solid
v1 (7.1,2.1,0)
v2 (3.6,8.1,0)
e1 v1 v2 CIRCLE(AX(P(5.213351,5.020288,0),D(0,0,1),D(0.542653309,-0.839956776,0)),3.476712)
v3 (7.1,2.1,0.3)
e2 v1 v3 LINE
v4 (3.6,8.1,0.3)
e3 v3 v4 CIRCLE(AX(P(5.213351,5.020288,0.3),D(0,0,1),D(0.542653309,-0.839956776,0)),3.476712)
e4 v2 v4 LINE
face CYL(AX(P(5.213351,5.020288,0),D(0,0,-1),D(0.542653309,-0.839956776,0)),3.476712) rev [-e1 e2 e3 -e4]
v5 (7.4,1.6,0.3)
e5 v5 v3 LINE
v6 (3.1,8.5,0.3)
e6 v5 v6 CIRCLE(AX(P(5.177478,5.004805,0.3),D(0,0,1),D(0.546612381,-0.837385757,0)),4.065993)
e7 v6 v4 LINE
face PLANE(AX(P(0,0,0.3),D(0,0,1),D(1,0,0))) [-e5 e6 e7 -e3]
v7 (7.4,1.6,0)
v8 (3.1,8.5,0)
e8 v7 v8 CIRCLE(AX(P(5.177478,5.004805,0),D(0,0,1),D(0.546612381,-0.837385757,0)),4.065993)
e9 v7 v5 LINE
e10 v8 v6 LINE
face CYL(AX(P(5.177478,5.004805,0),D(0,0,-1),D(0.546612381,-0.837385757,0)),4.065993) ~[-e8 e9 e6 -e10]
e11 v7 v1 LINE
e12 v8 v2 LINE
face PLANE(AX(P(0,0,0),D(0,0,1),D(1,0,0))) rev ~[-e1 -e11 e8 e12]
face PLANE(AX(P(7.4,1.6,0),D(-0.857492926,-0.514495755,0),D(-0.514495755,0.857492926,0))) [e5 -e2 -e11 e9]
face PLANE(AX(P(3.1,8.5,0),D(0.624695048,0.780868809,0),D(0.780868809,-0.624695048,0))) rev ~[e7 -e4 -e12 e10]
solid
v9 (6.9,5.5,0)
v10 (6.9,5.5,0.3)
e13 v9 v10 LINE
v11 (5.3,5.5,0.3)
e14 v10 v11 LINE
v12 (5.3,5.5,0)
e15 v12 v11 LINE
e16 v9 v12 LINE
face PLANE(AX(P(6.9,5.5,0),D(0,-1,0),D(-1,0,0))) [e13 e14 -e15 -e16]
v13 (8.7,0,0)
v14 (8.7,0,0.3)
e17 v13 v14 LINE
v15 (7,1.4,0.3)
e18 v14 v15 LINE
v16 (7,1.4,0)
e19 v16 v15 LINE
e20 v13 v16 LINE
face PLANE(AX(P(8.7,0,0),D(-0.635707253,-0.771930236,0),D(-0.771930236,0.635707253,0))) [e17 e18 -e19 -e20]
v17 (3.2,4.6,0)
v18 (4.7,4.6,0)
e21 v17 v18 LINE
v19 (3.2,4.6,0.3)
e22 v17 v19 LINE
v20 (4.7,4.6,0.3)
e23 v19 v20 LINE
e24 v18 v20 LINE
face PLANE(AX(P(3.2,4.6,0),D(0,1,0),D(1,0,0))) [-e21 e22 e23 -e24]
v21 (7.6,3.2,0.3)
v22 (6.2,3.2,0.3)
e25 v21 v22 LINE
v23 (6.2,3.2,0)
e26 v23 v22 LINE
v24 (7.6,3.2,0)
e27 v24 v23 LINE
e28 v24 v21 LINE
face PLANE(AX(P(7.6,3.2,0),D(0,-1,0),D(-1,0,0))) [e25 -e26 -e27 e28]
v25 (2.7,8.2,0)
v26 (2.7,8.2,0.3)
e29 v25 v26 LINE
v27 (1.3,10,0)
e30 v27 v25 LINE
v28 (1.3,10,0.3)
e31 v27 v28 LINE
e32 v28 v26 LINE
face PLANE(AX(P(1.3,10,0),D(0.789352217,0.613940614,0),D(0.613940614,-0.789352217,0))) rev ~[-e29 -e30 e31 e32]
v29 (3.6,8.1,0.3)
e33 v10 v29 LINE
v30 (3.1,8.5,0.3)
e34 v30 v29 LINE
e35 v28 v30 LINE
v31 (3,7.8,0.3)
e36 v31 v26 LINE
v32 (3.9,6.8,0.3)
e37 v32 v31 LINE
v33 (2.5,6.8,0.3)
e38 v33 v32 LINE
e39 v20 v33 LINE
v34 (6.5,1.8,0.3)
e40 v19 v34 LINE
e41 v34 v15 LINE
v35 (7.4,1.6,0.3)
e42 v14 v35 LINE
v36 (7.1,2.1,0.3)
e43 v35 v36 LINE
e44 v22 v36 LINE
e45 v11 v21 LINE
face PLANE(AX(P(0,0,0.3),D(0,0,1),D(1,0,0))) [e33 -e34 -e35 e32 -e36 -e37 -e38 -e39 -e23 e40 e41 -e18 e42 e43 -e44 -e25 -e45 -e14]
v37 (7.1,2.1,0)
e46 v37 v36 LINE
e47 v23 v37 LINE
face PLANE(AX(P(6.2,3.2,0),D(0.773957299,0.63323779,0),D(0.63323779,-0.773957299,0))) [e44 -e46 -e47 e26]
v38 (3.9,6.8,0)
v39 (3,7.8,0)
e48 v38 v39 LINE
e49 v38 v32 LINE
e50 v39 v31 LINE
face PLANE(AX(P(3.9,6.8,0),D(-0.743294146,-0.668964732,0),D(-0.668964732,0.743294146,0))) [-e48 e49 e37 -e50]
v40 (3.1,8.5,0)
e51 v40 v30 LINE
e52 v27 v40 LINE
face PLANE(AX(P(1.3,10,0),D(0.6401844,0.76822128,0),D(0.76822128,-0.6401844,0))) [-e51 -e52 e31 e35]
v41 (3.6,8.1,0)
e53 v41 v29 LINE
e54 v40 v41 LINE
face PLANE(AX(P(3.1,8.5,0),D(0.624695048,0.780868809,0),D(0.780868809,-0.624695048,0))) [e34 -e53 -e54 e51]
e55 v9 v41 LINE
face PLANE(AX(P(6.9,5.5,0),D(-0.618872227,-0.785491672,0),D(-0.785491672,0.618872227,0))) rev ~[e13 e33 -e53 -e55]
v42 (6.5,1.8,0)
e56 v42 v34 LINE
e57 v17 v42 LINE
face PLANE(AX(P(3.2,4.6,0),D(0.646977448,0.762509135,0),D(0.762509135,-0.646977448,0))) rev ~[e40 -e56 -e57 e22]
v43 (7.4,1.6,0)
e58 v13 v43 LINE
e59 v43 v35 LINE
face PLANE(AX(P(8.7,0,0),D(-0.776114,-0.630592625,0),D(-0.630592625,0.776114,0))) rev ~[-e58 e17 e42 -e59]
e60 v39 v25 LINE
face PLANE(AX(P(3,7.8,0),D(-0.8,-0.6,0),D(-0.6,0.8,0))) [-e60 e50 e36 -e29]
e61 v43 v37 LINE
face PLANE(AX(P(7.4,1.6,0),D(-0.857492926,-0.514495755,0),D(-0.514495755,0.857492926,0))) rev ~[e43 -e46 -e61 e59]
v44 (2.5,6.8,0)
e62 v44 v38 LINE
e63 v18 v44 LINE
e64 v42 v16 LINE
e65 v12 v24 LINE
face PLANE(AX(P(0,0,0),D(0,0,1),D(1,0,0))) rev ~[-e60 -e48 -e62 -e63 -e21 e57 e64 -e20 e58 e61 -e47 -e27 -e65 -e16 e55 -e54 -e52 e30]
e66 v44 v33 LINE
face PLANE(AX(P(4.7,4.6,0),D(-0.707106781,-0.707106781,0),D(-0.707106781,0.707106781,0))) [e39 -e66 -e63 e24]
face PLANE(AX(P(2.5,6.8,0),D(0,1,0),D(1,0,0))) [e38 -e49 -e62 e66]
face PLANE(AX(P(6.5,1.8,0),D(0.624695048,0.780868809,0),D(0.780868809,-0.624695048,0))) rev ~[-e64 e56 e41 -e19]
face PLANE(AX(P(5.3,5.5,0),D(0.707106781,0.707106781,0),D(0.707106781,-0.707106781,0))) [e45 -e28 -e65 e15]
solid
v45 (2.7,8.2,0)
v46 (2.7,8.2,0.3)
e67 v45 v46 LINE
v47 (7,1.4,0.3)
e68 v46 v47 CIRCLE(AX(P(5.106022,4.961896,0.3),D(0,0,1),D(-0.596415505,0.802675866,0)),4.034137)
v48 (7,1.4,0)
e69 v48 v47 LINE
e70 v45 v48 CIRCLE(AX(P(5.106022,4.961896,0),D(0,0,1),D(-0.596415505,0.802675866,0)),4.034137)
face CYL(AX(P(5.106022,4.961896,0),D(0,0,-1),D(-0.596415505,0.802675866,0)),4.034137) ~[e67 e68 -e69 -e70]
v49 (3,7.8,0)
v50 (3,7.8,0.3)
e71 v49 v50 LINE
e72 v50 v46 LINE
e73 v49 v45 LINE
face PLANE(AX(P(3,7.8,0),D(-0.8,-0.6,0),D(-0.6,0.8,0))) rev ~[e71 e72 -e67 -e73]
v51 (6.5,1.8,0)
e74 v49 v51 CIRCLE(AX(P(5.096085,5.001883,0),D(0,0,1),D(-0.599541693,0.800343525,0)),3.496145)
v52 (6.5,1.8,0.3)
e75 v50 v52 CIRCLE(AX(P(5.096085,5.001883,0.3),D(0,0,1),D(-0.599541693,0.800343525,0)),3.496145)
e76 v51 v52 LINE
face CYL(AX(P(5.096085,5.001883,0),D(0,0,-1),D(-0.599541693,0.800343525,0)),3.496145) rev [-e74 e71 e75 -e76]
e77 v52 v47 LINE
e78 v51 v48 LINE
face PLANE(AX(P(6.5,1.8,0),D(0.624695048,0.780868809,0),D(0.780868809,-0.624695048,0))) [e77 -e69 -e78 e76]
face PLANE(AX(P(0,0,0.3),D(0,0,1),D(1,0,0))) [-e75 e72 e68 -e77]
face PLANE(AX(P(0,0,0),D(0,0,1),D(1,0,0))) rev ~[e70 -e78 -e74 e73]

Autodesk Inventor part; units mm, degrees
ref_plane "Work Plane1" through (0, 0, 0) normal (0, 0, 1) x (1, 0, 0)
sketch "Sketch1" plane through (0, 0, 0) normal (0, 0, 1) x (1, 0, 0)
  line L0 (1.3, 10) -> (3.1, 8.5)
  line L1 (3.1, 8.5) -> (3.6, 8.1)
  line L2 (6.9, 5.5) -> (3.6, 8.1)
  line L3 (6.9, 5.5) -> (5.3, 5.5)
  line L4 (5.3, 5.5) -> (7.6, 3.2)
  line L5 (7.6, 3.2) -> (6.2, 3.2)
  line L6 (6.2, 3.2) -> (7.1, 2.1)
  line L7 (7.4, 1.6) -> (7.1, 2.1)
  line L8 (8.7, 0) -> (7.4, 1.6)
  line L9 (8.7, 0) -> (7, 1.4)
  line L10 (6.5, 1.8) -> (7, 1.4)
  line L11 (3.2, 4.6) -> (6.5, 1.8)
  line L12 (3.2, 4.6) -> (4.7, 4.6)
  line L13 (4.7, 4.6) -> (2.5, 6.8)
  line L14 (2.5, 6.8) -> (3.9, 6.8)
  line L15 (3.9, 6.8) -> (3, 7.8)
  line L16 (3, 7.8) -> (2.7, 8.2)
  line L17 (1.3, 10) -> (2.7, 8.2)
extrude "Extrusion1" add sketch "Sketch1" along normal blind 0.3
ref_plane "Work Plane2" through (0, 0, 0) normal (0, 0, 1) x (1, 0, 0)
sketch "Sketch2" plane through (0, 0, 0) normal (0, 0, 1) x (1, 0, 0)
  line L0 (6.5, 1.8) -> (7, 1.4)
  arc A0 (2.7, 8.2) -> (7, 1.4) centre (5.106, 4.9619) ccw
  line L1 (3, 7.8) -> (2.7, 8.2)
  arc A1 (3, 7.8) -> (6.5, 1.8) centre (5.096, 5.0019) ccw
extrude "Extrusion2" add sketch "Sketch2" along normal blind 0.3 separate body
ref_plane "Work Plane3" through (0, 0, 0) normal (0, 0, 1) x (1, 0, 0)
sketch "Sketch3" plane through (0, 0, 0) normal (0, 0, 1) x (1, 0, 0)
  line L0 (3.1, 8.5) -> (3.6, 8.1)
  arc A0 (7.1, 2.1) -> (3.6, 8.1) centre (5.2133, 5.0203) ccw
  line L1 (7.4, 1.6) -> (7.1, 2.1)
  arc A1 (7.4, 1.6) -> (3.1, 8.5) centre (5.1775, 5.0048) ccw
extrude "Extrusion3" add sketch "Sketch3" along normal blind 0.3 separate body
properties part number "test_flash_cad_model"
